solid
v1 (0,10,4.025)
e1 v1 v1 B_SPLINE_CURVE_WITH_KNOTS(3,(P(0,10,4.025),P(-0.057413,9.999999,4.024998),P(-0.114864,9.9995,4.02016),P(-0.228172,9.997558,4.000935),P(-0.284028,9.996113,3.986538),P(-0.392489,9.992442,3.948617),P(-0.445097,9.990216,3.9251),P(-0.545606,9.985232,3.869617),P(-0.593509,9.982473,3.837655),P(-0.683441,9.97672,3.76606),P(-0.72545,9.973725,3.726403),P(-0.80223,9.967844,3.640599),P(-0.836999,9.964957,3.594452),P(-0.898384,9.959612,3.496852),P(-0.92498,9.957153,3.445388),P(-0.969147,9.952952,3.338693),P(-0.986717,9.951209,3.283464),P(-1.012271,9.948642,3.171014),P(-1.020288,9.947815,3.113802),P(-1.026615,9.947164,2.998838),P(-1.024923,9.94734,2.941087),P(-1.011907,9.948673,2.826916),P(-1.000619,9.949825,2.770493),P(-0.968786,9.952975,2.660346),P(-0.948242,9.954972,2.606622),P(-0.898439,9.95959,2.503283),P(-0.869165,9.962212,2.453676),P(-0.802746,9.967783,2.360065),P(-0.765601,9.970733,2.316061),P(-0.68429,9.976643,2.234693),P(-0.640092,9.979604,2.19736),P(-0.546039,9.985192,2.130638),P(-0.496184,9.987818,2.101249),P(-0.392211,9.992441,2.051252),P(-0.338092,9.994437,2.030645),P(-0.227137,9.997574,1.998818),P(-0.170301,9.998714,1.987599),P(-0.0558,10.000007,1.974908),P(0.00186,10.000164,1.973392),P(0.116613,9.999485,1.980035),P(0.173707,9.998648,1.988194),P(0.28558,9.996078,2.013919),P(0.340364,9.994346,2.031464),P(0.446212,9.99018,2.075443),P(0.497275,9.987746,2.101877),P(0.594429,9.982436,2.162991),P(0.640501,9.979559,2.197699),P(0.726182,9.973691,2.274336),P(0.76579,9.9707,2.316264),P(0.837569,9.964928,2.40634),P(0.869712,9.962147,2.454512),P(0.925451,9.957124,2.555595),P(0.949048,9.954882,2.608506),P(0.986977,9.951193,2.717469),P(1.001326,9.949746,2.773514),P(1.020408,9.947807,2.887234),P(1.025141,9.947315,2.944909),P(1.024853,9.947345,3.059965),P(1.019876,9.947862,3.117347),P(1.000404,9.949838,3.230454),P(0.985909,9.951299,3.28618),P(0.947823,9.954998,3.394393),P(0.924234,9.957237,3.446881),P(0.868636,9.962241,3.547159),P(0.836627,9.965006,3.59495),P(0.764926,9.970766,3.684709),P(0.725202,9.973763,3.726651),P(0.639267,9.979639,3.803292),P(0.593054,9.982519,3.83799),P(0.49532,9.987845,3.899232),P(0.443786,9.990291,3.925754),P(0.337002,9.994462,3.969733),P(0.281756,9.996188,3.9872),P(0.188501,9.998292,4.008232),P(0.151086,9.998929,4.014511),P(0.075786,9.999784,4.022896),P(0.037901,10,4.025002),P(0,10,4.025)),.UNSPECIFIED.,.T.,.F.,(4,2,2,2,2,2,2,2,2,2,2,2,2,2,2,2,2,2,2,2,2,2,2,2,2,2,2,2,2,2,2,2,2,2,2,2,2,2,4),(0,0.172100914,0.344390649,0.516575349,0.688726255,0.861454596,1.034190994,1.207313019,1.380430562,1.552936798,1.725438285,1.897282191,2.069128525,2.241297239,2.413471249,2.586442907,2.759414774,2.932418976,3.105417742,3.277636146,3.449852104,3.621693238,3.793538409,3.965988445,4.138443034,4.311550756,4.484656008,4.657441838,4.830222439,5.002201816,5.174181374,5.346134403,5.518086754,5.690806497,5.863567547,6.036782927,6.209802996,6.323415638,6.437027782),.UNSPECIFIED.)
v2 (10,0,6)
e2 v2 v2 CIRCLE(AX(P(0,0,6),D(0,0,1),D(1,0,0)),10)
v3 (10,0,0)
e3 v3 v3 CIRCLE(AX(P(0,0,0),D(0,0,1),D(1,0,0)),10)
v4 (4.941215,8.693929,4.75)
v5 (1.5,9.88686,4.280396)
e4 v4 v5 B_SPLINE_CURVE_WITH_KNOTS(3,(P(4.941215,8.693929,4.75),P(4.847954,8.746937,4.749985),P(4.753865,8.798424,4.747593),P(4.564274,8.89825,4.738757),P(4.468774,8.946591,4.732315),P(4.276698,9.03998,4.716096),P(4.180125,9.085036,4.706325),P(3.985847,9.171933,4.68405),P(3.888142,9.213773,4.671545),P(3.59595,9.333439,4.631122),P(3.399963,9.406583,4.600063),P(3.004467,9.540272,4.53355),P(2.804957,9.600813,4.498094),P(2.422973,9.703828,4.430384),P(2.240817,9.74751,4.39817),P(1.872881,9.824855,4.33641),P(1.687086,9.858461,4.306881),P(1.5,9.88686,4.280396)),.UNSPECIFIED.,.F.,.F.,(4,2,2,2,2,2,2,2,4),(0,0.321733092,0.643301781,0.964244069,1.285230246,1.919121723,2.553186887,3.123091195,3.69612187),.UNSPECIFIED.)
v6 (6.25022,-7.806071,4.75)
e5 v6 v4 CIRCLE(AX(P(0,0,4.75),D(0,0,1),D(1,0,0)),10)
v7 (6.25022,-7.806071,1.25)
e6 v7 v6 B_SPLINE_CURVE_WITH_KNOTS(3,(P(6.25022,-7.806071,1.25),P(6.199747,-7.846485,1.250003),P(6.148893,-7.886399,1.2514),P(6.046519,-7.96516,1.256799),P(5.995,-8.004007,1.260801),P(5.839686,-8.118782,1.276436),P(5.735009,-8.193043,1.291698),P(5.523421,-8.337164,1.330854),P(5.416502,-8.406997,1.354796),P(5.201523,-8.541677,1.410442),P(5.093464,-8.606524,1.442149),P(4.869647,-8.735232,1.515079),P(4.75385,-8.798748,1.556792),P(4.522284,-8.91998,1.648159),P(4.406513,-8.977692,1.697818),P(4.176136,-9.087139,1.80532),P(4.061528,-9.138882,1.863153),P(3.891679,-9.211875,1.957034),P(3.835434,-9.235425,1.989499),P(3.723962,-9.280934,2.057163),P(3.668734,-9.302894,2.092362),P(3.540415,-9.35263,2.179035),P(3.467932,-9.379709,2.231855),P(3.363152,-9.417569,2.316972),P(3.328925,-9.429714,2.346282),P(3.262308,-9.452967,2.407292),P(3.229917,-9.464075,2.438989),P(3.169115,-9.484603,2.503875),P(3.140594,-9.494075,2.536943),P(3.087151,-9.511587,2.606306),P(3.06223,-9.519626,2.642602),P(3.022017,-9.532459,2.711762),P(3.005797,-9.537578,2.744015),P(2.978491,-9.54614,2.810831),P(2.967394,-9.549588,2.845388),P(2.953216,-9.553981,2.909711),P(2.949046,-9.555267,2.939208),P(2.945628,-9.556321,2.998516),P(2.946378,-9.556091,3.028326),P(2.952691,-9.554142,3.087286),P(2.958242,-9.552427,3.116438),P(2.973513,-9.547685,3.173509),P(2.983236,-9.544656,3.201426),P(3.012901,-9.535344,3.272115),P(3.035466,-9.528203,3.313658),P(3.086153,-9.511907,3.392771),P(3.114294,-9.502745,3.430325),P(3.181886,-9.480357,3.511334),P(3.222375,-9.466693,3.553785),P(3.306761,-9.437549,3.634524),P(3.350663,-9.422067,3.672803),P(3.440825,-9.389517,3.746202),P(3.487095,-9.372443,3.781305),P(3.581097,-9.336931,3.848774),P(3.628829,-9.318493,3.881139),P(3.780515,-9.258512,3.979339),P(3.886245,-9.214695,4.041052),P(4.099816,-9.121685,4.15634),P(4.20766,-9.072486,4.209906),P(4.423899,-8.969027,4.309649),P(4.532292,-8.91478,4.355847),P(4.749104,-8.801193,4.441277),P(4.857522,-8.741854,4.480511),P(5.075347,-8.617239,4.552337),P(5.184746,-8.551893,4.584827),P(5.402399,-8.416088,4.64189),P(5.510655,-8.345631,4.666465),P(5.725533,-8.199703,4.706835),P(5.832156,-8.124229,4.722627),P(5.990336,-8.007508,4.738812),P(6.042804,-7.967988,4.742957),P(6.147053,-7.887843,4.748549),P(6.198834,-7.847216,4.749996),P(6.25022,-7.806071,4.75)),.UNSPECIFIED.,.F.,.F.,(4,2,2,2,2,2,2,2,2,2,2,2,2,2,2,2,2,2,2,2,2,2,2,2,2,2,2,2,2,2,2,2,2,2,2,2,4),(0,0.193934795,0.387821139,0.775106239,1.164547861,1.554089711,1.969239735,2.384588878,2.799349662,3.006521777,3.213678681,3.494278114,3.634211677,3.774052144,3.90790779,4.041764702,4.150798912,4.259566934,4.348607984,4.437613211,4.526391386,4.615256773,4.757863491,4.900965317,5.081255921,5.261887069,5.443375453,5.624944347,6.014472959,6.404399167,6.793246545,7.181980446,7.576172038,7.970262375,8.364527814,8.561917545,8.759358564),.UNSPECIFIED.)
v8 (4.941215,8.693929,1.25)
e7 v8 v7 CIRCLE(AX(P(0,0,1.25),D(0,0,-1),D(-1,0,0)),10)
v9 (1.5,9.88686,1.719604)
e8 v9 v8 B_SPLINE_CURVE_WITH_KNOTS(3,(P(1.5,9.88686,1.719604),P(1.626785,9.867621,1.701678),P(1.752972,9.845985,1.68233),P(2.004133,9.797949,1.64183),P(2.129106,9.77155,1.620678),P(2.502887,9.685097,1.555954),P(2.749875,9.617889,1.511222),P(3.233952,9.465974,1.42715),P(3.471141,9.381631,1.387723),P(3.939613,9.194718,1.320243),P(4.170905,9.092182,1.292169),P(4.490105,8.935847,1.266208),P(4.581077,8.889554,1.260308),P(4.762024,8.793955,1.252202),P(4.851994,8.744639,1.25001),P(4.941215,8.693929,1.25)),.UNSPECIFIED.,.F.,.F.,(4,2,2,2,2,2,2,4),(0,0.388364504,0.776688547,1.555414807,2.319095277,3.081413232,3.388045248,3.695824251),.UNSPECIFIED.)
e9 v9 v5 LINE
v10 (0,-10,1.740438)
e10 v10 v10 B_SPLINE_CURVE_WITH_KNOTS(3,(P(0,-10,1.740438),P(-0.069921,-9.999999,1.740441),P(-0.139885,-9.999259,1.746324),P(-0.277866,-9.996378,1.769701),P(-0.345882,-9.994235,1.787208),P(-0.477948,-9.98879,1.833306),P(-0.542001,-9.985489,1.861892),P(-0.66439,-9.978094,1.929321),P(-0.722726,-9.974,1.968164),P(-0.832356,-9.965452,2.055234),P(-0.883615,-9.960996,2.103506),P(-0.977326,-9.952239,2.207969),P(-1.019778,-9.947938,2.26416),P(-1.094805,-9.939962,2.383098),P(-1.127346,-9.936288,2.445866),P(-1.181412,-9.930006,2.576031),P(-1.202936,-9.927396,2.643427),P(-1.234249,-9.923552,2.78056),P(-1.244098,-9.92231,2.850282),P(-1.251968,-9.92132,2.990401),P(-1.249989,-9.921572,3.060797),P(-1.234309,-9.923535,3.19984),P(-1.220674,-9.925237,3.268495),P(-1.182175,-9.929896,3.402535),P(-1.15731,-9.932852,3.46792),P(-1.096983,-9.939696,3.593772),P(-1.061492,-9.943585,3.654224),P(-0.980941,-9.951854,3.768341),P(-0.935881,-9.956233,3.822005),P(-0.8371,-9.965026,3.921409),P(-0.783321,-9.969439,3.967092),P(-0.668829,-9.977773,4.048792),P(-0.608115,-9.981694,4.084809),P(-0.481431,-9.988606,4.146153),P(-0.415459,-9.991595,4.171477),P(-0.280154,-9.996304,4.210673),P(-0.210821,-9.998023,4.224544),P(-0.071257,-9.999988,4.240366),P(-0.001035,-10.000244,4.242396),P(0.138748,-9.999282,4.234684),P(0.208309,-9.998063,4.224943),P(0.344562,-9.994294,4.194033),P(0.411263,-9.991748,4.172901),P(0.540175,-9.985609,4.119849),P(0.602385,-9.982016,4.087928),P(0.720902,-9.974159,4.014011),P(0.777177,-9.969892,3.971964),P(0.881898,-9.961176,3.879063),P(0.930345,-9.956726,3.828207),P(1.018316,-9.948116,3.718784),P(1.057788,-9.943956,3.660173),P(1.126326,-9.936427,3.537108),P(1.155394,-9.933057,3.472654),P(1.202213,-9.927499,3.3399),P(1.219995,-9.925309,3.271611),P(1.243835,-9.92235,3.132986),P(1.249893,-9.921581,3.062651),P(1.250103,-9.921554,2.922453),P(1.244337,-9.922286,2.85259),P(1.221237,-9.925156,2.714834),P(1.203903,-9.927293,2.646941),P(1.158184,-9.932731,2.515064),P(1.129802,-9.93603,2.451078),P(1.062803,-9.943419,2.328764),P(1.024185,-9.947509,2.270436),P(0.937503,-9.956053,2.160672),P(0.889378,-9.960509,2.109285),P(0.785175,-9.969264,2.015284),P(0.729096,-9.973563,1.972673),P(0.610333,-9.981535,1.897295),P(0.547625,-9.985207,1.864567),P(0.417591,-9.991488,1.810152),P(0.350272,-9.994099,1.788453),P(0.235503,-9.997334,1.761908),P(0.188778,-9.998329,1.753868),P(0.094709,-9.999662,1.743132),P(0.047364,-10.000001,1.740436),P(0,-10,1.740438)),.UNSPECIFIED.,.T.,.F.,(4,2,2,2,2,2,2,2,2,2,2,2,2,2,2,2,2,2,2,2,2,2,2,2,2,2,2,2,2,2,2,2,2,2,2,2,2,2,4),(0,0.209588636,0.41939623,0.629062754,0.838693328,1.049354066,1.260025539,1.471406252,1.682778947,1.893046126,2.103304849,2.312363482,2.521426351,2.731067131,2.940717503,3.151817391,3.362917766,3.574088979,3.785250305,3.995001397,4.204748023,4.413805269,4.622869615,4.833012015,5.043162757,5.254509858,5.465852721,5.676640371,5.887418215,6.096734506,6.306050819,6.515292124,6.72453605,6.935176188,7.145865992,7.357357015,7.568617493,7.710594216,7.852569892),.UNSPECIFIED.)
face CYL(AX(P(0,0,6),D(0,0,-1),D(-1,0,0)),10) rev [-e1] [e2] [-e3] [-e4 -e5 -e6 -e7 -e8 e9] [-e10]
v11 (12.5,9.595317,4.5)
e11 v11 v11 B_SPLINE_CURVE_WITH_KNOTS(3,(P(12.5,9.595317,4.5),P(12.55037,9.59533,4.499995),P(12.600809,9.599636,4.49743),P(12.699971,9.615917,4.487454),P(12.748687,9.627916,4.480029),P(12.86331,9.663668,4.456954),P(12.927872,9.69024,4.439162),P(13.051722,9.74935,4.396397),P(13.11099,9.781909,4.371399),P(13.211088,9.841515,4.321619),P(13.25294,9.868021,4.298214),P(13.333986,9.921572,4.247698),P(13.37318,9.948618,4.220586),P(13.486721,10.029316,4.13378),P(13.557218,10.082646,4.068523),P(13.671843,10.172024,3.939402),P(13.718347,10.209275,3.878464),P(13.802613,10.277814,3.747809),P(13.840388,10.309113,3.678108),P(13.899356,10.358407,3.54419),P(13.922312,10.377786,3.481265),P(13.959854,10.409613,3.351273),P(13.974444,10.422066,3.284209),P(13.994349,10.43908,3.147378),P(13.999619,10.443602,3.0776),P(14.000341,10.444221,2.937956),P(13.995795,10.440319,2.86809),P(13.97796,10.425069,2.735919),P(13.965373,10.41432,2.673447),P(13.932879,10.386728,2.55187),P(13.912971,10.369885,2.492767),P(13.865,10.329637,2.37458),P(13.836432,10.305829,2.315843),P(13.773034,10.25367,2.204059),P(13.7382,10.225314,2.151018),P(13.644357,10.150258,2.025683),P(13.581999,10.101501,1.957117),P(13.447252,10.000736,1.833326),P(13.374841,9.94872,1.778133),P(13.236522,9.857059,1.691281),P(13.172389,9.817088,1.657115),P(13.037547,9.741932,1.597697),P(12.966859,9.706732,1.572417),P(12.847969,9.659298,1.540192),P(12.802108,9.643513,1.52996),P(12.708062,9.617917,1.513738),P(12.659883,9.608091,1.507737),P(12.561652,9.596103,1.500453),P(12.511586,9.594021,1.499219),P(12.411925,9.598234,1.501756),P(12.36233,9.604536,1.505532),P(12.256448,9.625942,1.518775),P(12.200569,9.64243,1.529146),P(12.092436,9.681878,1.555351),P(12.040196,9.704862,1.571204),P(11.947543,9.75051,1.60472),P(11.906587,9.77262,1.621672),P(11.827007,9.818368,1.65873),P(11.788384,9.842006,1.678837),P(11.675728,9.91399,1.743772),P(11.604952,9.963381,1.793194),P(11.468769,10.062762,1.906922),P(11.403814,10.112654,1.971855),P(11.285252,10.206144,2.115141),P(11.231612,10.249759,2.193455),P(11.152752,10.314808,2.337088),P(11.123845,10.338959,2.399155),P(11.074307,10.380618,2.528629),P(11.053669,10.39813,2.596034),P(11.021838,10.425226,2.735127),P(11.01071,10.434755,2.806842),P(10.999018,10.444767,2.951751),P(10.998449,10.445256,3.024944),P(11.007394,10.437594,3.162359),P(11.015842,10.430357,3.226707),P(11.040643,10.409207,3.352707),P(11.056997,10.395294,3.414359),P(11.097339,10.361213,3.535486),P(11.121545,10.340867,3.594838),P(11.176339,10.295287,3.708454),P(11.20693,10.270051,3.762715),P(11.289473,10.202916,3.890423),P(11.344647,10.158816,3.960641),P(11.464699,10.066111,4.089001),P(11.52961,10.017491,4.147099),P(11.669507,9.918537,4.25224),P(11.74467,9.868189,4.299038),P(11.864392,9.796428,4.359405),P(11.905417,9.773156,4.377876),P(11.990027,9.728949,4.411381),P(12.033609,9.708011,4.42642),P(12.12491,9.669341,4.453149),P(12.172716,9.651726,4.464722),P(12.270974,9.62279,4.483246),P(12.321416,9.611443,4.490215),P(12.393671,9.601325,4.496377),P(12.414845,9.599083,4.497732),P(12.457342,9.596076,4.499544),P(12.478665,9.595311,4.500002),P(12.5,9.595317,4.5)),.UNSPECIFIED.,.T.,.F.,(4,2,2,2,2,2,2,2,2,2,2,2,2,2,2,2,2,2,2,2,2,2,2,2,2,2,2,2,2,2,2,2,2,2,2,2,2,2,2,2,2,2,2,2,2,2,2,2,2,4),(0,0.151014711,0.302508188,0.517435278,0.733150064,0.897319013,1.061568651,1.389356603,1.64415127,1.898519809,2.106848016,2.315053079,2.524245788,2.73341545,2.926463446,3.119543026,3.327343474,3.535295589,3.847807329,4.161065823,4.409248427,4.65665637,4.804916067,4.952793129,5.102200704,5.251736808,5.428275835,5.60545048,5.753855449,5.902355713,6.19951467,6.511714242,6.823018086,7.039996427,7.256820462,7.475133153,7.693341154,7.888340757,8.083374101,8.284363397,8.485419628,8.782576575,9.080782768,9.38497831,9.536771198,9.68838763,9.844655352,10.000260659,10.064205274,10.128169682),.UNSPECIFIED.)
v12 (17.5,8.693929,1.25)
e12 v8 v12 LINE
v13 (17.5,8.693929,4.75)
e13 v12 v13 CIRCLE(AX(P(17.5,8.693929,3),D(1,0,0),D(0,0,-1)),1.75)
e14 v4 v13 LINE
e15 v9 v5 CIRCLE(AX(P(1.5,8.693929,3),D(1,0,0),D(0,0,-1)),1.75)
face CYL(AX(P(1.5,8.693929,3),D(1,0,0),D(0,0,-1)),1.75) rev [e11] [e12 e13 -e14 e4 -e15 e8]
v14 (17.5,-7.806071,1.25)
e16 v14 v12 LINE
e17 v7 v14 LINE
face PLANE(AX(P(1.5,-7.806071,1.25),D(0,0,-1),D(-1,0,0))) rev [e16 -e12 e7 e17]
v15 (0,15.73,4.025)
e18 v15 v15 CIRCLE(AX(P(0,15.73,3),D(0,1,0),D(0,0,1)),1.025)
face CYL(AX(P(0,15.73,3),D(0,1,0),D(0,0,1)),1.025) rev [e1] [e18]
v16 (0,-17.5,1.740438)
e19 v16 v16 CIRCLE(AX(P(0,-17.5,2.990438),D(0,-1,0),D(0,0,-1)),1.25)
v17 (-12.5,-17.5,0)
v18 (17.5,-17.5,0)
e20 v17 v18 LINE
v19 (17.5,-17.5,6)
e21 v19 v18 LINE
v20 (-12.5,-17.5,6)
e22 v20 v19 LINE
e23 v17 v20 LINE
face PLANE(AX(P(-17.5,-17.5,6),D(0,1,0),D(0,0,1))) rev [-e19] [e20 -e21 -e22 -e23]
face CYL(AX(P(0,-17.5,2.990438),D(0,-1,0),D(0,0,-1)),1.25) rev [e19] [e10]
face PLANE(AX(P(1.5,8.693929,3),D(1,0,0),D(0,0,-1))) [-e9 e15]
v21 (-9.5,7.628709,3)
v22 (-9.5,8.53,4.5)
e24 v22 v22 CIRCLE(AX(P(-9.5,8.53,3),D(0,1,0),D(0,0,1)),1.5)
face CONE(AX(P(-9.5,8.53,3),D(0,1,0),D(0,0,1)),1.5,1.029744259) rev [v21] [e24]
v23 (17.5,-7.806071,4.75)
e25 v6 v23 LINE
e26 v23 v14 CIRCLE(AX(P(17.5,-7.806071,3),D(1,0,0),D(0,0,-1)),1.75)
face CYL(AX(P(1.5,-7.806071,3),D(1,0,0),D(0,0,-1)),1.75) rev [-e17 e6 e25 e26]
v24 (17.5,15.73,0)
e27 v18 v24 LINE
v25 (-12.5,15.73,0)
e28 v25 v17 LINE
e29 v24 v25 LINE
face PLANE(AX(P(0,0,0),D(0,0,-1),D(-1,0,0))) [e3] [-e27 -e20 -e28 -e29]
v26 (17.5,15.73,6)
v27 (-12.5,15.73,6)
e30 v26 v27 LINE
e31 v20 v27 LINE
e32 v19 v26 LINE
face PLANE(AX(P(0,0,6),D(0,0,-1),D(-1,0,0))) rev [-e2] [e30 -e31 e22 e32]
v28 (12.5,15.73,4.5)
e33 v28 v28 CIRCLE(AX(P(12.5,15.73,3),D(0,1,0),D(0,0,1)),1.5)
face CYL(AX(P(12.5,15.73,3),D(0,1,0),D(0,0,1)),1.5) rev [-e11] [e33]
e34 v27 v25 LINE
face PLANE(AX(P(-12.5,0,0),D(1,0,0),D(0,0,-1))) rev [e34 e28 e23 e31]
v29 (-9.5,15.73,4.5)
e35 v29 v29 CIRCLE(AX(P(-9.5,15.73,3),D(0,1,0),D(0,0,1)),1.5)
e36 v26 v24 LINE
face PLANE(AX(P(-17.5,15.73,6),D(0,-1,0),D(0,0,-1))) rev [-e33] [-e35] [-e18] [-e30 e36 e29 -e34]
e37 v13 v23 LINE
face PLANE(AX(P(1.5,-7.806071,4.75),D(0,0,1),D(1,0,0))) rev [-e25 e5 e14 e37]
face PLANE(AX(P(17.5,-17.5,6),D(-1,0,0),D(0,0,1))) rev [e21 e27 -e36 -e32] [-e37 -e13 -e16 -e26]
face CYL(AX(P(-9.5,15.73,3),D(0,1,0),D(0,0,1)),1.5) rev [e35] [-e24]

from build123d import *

# Parameters (mm, degrees)
SKETCH1_W                     = 35
SKETCH1_H                     = 33.23
SKETCH1_R                     = 10
BOSS_EXTRUDE1_DEPTH           = 6
CUT_EXTRUDE1_DEPTH            = 16
F_3_0MM_DOWEL_HOLE1_D         = 3
F_3_0MM_DOWEL_HOLE1_DEPTH     = 7.2
F_3_0MM_DOWEL_HOLE1_TIP       = 0.901290929
SKETCH9_W                     = 6
SKETCH9_H                     = 33.23
CUT_EXTRUDE2_DEPTH            = 5
M2_5X0_45_TAPPED_HOLE1_REACH  = 40.033
M2_5X0_45_TAPPED_HOLE1_BORE_R = 1.025
M3X0_5_TAPPED_HOLE2_REACH     = 40.033
M3X0_5_TAPPED_HOLE2_BORE_R    = 1.25


with BuildPart() as part:
    # Sketch1 → Boss-Extrude1 (new body)
    with BuildSketch(Plane.XY):
        with Locations((0, -0.885)):
            Rectangle(SKETCH1_W, SKETCH1_H)
        Circle(SKETCH1_R, mode=Mode.SUBTRACT)
    extrude(amount=BOSS_EXTRUDE1_DEPTH)

    # Sketch2 → Cut-Extrude1 (cut)
    with BuildSketch(Plane(origin=(17.5, 0, 0), x_dir=(0, 0, -1), z_dir=(1, 0, 0))):
        with BuildLine():
            Line((-4.75, -7.806071268), (-4.75, 8.693928732))
            ThreePointArc((-4.75, 8.693928732), (-3, 10.443928732), (-1.25, 8.693928732))
            Line((-1.25, 8.693928732), (-1.25, -7.806071268))
            ThreePointArc((-1.25, -7.806071268), (-3, -9.556071268), (-4.75, -7.806071268))
        make_face()
    extrude(amount=-CUT_EXTRUDE1_DEPTH, mode=Mode.SUBTRACT)

    # Ø3.0mm Dowel Hole1
    with Locations(Plane(origin=(0, 15.73, 0), x_dir=(1, 0, 0), z_dir=(0, 1, 0))):
        with Locations((-9.5, -3), (12.5, -3)):
            Hole(F_3_0MM_DOWEL_HOLE1_D / 2, depth=F_3_0MM_DOWEL_HOLE1_DEPTH)
            with Locations((0, 0, -(F_3_0MM_DOWEL_HOLE1_DEPTH + F_3_0MM_DOWEL_HOLE1_TIP / 2))):  # 118° drill point
                Cone(0, F_3_0MM_DOWEL_HOLE1_D / 2, F_3_0MM_DOWEL_HOLE1_TIP, mode=Mode.SUBTRACT)

    # Sketch9 → Cut-Extrude2 (cut)
    with BuildSketch(Plane.ZY.offset(17.5)):
        with Locations((3, -0.885)):
            Rectangle(SKETCH9_W, SKETCH9_H)
    extrude(amount=-CUT_EXTRUDE2_DEPTH, mode=Mode.SUBTRACT)

    # M2.5x0.45 Tapped Hole1 bore → M2.5x0.45 Tapped Hole1 (cut, up to next)
    with BuildSketch(Plane(origin=(0, 15.73, 0), x_dir=(1, 0, 0), z_dir=(0, 1, 0)), mode=Mode.PRIVATE) as m2_5x0_45_tapped_hole1_sk1:
        with Locations((0, -3)):
            Circle(M2_5X0_45_TAPPED_HOLE1_BORE_R)
    m2_5x0_45_tapped_hole1_tool1 = extrude(m2_5x0_45_tapped_hole1_sk1.sketch, amount=-M2_5X0_45_TAPPED_HOLE1_REACH, mode=Mode.PRIVATE) & part.part
    add(m2_5x0_45_tapped_hole1_tool1.solids().sort_by_distance((0, 15.73, 3))[0], mode=Mode.SUBTRACT)

    # M3x0.5 Tapped Hole2 bore → M3x0.5 Tapped Hole2 (cut, up to next)
    with BuildSketch(Plane(origin=(0, -17.5, 0), x_dir=(-1, 0, 0), z_dir=(0, -1, 0)), mode=Mode.PRIVATE) as m3x0_5_tapped_hole2_sk1:
        with Locations((0, -2.990437558)):
            Circle(M3X0_5_TAPPED_HOLE2_BORE_R)
    m3x0_5_tapped_hole2_tool1 = extrude(m3x0_5_tapped_hole2_sk1.sketch, amount=-M3X0_5_TAPPED_HOLE2_REACH, mode=Mode.PRIVATE) & part.part
    add(m3x0_5_tapped_hole2_tool1.solids().sort_by_distance((0, -17.5, 2.990438))[0], mode=Mode.SUBTRACT)


solid = part.part
